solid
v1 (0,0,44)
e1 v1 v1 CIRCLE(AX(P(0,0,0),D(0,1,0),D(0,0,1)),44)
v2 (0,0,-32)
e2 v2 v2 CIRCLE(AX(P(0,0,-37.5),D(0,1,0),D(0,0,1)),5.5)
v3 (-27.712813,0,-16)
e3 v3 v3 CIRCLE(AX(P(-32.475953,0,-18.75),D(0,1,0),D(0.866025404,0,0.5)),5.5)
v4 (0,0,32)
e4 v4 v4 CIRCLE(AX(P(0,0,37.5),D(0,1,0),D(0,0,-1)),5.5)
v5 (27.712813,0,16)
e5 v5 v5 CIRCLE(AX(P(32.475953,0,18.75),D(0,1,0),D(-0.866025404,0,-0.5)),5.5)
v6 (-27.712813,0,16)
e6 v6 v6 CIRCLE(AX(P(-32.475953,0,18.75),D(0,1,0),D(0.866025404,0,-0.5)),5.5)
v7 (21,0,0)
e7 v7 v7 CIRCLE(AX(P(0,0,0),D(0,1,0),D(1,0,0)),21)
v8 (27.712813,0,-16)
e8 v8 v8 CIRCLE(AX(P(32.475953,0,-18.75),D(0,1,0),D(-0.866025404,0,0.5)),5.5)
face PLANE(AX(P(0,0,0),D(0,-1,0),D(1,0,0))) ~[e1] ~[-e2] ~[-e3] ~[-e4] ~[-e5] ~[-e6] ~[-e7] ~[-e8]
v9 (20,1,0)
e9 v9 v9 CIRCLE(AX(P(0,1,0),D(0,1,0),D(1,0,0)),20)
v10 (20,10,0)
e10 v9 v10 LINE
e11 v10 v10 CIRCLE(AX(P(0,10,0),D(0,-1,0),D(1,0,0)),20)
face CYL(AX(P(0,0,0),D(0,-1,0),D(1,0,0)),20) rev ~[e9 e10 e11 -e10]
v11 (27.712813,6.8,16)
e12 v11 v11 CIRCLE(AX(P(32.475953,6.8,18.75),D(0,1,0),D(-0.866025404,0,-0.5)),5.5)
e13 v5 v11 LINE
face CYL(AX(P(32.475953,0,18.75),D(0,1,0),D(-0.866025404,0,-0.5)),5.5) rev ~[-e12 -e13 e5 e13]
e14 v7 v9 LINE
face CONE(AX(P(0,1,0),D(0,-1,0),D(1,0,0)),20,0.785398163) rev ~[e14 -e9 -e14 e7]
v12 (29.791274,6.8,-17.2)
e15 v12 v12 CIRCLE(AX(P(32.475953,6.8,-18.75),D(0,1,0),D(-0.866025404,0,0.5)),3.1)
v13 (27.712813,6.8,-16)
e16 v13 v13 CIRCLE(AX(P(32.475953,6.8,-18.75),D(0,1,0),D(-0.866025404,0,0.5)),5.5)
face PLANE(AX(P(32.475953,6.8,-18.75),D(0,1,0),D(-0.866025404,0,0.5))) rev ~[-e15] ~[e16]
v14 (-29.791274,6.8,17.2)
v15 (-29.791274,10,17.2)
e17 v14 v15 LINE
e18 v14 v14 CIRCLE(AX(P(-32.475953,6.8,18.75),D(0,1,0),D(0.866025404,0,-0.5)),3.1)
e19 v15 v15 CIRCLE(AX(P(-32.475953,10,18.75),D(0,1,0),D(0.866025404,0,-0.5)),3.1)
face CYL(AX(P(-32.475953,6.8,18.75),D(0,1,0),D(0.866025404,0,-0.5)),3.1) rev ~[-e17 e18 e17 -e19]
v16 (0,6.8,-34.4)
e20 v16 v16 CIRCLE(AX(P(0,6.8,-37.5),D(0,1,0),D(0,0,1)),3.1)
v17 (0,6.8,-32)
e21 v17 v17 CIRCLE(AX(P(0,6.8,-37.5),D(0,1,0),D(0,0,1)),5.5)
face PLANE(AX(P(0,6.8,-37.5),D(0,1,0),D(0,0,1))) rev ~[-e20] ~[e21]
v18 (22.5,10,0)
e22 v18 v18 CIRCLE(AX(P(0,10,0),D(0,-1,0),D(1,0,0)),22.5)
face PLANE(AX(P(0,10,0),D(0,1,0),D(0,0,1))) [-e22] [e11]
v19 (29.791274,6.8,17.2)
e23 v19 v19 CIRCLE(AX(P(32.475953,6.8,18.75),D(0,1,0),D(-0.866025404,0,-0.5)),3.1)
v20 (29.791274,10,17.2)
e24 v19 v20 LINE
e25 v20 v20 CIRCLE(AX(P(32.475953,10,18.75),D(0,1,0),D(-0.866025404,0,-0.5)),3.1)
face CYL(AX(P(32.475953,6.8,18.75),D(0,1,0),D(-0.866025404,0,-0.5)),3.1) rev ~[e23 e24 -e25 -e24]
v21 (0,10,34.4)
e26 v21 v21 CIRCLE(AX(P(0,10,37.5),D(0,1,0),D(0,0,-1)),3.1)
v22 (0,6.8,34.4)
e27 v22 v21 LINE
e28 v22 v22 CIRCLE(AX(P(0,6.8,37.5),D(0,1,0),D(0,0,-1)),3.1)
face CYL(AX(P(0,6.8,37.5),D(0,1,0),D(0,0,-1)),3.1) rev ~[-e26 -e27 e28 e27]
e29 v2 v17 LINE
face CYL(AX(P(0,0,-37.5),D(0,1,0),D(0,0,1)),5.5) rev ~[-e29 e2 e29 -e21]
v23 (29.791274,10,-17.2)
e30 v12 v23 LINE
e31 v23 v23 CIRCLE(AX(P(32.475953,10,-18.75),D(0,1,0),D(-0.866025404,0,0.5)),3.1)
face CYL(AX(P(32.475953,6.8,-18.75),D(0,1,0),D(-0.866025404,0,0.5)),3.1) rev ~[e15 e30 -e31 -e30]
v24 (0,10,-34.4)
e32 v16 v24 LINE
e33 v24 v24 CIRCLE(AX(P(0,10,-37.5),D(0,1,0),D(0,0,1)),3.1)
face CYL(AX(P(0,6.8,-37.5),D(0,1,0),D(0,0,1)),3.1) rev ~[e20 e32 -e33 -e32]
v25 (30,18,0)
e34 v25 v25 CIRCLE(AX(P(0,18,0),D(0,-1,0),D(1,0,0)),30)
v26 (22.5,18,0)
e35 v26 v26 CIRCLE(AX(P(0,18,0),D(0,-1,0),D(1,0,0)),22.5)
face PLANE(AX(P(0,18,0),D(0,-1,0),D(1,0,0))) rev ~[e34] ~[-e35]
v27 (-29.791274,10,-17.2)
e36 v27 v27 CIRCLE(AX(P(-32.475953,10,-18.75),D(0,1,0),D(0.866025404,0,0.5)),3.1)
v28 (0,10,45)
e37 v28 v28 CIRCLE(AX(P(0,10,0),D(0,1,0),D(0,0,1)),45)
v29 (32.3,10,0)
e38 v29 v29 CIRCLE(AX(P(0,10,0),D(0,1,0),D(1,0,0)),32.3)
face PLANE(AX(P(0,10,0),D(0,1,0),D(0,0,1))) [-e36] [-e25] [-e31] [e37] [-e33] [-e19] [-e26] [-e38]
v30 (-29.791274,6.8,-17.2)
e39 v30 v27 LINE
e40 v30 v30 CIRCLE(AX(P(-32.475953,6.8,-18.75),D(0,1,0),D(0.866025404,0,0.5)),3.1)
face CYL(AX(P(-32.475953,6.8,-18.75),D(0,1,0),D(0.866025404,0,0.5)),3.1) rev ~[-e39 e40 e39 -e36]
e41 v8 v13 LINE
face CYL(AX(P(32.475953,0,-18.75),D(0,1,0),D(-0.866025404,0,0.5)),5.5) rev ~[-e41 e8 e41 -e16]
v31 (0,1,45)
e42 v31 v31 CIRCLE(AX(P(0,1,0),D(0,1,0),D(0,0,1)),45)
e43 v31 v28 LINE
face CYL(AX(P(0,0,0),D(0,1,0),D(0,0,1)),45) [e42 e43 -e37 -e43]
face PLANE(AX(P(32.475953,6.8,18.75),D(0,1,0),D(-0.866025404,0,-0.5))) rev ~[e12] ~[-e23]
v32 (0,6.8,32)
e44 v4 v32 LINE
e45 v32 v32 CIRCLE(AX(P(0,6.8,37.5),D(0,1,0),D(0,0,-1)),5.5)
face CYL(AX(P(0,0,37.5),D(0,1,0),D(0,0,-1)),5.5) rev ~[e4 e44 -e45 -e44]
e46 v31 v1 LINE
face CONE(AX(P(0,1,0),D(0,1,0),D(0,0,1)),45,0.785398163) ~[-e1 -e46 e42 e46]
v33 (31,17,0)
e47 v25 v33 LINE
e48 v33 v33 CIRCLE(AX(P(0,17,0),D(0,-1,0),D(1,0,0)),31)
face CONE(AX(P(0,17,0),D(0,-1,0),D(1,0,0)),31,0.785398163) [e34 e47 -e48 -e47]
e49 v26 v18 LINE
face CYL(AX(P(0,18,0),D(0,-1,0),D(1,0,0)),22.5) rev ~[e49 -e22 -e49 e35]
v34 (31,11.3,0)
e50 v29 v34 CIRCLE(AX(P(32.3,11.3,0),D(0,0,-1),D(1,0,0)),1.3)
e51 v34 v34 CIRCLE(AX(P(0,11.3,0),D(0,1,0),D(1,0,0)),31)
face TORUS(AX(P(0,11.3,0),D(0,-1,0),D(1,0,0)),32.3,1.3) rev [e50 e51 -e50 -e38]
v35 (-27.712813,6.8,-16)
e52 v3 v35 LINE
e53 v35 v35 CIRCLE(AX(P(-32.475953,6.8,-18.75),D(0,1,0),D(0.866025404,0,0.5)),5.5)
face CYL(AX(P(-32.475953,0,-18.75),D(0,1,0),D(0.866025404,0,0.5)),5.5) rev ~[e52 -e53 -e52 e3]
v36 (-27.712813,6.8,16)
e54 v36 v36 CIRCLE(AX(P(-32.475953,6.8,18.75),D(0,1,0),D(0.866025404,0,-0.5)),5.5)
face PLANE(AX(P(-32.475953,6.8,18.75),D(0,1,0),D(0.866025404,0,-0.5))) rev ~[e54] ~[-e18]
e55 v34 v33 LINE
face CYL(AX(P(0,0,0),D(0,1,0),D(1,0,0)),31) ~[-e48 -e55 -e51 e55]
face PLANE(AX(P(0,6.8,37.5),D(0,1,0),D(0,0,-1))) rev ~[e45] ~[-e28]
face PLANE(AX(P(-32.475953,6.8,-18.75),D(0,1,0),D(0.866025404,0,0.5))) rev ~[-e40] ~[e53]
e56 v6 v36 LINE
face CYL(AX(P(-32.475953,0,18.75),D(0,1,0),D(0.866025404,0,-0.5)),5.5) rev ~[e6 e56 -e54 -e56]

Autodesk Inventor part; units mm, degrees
ref_plane "YZ Plane" through (0, 0, 0) normal (1, 0, 0) x (0, 1, 0)
ref_plane "XZ Plane" through (0, 0, 0) normal (0, 1, 0) x (-1, 0, 0)
ref_plane "XY Plane" through (0, 0, 0) normal (0, 0, 1) x (1, 0, 0)
sketch "Эскиз1" plane through (0, 0, 0) normal (0, 0, 1) x (1, 0, 0)
  line L0 (0, 8.5) -> (0, 0)
  line L1 (0, 0) -> (31, 0)
  line L2 (31, 0) -> (31, 18)
  line L3 (31, 18) -> (22.5, 18)
  line L4 (22.5, 18) -> (22.5, 8.5)
  line L5 (22.5, 8.5) -> (0, 8.5)
  dimension "d0" = 18
  dimension "d3" = 31
  dimension "d28" = 22.5
revolve "Вращение1" add sketch "Эскиз1" angle 360 about axis through (0, 8.5, 0) along (0, -1, 0)
sketch "Эскиз2" plane through (0, 0, 0) normal (1, 0, 0) x (0, 1, 0)
  line L0 (0, 31) -> (0, -31) projected
  line L1 (18, 31) -> (0, 31) projected
  line L2 (18, 31) -> (0, 31) projected
  line L3 (0, 0) -> (0, 45)
  line L4 (0, 45) -> (10, 45)
  line L5 (10, 45) -> (10, 0)
  line L6 (10, 0) -> (0, 0)
  line L7 (-3, 0) -> (18, 0) projected
  dimension "d5" = 10
  dimension "d6" = 45
revolve "Вращение2" add sketch "Эскиз2" angle 360 about axis through (0, -10, 0) along (0, 1, 0)
sketch "Эскиз3" plane through (0, 0, 0) normal (0, -1, 0) x (1, 0, 0)
  line L0 (0, -63) -> (0, 63) projected
  line L1 (-63, 0) -> (63, 0) projected
  circle A0 centre (0, 0) radius 37.5 construction
  circle A1 centre (0, 37.5) radius 5.5
  point P0 (0, 0)
  dimension "d8" = 75
  dimension "d9" = 11
hole "Отверстие1" at (0, 0, 37.5) direction (0, 1, 0) diameter 6.2 depth 15 tip angle 118 counterbore diameter 11 counterbore depth 6.8
pattern_circular "Круговой массив1" count 6 over 360 about axis through (0, -10, 0) along (0, 1, 0) of "Отверстие1"
fillet "Сопряжение1" radius 1.3 1 edges at (-31, 10, 0)
chamfer "Фаска1" distance 1 angle 45 1 edges at (0, 0, -45)
sketch "Эскиз5" plane through (0, 0, 0) normal (0, -1, 0) x (1, 0, 0)
  line L0 (0, 63) -> (0, -63) projected
  line L1 (-63, 0) -> (63, 0) projected
  circle A0 centre (0, 0) radius 20
  point P0 (0, 0)
  dimension "d25" = 40
extrude "Выдавливание1" cut sketch "Эскиз5" against normal blind 15
chamfer "Фаска2" distance 1 angle 45 1 edges at (-20, 0, 0)
chamfer "Фаска3" distance 1 angle 45 1 edges at (-31, 18, 0)
properties part number "Крышка маленькая_под манж_01"
